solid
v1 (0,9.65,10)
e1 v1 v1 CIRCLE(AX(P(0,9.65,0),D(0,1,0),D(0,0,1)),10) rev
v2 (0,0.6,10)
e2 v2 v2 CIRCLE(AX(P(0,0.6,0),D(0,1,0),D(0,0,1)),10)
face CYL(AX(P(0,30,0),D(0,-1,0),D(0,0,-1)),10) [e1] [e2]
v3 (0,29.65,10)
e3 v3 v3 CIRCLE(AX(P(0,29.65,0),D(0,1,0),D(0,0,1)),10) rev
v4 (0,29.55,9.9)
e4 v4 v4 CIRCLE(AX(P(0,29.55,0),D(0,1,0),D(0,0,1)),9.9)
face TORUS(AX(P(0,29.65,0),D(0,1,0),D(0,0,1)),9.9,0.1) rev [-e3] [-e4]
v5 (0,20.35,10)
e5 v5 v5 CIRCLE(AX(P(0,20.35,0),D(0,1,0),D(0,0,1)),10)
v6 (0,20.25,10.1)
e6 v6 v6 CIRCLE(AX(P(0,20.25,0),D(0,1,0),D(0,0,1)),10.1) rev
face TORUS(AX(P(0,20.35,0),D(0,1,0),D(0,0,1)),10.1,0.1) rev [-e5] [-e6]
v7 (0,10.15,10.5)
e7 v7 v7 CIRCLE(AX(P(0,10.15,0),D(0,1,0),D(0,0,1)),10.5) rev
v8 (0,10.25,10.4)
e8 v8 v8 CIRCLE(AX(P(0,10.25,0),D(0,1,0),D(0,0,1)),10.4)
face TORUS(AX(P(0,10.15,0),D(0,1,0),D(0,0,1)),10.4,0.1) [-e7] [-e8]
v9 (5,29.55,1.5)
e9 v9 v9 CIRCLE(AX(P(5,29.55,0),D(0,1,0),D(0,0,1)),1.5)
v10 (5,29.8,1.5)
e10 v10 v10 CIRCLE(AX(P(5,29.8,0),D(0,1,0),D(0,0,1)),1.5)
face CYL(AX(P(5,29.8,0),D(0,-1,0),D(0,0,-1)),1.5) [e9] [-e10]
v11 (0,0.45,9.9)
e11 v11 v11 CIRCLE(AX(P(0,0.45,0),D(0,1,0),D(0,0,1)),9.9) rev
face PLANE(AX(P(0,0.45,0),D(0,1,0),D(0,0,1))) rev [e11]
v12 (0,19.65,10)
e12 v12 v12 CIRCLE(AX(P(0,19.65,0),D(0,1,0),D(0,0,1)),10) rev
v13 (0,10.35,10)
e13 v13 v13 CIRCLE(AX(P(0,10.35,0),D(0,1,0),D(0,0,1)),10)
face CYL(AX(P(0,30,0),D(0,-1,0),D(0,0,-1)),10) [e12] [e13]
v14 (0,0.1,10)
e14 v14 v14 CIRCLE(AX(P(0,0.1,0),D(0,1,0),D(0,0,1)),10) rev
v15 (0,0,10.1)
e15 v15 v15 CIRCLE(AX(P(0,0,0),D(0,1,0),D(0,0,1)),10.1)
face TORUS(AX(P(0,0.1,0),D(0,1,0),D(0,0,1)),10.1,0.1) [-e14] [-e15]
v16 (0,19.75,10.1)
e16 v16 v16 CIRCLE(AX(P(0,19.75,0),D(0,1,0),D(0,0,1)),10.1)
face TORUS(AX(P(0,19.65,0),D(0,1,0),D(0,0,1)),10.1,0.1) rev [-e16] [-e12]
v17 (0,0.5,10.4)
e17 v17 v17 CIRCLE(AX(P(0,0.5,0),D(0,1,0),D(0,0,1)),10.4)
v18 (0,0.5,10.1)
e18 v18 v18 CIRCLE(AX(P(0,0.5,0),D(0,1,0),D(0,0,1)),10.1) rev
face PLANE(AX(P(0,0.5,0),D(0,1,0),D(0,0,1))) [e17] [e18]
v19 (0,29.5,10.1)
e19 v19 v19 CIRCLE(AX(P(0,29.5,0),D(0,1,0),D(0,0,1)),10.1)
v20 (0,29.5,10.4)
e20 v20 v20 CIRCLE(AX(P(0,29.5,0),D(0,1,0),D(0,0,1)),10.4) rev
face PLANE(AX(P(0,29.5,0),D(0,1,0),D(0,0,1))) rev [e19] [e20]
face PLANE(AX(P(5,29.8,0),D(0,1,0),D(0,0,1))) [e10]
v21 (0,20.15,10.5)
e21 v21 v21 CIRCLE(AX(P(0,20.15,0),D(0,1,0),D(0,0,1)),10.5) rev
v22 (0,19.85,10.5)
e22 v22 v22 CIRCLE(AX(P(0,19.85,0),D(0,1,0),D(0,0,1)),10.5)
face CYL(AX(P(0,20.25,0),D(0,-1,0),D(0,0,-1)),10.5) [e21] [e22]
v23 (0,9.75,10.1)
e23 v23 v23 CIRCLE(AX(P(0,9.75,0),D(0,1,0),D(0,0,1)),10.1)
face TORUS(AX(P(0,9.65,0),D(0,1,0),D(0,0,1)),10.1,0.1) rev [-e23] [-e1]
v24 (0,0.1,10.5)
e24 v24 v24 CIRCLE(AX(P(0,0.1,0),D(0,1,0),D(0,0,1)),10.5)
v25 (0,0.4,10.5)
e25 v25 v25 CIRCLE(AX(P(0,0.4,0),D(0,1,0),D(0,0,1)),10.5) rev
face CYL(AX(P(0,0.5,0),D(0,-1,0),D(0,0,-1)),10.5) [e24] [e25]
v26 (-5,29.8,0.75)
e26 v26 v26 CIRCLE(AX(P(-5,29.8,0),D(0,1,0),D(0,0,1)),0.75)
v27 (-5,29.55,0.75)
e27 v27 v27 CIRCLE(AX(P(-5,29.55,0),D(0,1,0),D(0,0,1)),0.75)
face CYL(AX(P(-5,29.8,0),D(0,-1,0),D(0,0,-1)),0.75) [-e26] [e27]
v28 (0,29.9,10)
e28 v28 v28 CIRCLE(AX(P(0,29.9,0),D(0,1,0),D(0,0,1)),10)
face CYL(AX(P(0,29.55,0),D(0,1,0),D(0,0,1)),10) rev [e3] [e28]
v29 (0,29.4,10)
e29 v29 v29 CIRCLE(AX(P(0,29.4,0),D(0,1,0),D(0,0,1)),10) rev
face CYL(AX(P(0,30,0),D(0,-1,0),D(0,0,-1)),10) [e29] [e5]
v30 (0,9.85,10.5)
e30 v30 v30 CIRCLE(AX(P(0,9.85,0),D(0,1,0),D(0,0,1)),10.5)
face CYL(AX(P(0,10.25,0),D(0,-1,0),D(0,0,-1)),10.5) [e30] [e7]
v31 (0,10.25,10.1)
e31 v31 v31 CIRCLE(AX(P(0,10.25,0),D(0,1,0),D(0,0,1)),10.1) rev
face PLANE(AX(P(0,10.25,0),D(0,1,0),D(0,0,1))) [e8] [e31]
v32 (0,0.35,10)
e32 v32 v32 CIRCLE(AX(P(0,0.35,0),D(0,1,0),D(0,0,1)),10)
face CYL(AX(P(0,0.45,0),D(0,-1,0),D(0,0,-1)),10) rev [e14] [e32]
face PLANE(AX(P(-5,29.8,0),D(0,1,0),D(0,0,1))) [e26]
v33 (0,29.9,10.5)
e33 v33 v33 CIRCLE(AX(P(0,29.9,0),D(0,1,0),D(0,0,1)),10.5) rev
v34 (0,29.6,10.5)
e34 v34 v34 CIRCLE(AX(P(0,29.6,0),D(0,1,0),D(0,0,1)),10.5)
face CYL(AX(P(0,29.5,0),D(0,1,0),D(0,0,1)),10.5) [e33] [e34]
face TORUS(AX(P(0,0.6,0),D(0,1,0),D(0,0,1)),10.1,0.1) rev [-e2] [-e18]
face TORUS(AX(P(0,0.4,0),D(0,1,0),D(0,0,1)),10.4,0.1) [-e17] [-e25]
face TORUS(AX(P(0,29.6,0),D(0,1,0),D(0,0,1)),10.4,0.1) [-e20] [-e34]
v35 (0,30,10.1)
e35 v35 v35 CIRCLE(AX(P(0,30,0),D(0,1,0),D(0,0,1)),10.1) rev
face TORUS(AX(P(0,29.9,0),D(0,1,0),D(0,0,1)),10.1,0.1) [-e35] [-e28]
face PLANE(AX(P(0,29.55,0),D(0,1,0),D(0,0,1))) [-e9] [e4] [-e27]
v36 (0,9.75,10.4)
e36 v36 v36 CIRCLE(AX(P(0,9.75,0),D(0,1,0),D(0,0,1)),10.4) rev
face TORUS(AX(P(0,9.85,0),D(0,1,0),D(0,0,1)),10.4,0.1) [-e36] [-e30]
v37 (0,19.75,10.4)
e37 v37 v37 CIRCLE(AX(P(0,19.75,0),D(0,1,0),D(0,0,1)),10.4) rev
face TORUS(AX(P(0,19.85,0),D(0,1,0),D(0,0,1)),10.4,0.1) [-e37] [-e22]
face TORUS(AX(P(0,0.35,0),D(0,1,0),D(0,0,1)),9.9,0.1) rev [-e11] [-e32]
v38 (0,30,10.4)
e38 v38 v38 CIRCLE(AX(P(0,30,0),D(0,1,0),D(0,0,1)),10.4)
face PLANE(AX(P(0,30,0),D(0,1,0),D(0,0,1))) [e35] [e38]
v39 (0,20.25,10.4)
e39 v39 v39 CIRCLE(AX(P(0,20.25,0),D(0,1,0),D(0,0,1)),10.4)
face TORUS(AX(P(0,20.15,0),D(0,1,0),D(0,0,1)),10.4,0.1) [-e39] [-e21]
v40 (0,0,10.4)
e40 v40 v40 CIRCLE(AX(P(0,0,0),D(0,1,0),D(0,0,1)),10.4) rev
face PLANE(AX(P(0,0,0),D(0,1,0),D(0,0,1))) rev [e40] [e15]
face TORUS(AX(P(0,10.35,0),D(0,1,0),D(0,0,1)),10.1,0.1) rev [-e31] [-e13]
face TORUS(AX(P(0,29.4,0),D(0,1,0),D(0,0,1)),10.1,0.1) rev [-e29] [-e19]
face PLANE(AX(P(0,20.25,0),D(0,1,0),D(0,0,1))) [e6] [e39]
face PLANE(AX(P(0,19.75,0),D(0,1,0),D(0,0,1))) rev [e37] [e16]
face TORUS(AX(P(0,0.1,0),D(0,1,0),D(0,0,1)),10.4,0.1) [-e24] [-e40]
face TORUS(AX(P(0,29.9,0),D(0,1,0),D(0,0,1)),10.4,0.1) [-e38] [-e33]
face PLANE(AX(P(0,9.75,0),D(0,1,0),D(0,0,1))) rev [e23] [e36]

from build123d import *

# Parameters (mm, degrees)
CROQUIS1_R              = 10
SALIENTE_EXTRUIR1_DEPTH = 30
CROQUIS1_5_R            = 10.5
CROQUIS1_5_R_2          = 10
SALIENTE_EXTRUIR2_DEPTH = 0.5
SALIENTE_EXTRUIR3_START = 10
CROQUIS1_6_R            = 10.5
CROQUIS1_6_R_2          = 10
SALIENTE_EXTRUIR3_DEPTH = 0.25
SALIENTE_EXTRUIR4_START = 20
CROQUIS1_7_R            = 10.5
CROQUIS1_7_R_2          = 10
SALIENTE_EXTRUIR4_DEPTH = 0.25
SALIENTE_EXTRUIR5_START = 29.5
CROQUIS1_8_R            = 10.5
CROQUIS1_8_R_2          = 10
SALIENTE_EXTRUIR5_DEPTH = 0.5
CORTAR_EXTRUIR1_START   = -0.45
CROQUIS2_R              = 10
CORTAR_EXTRUIR1_DEPTH   = 0.45
CORTAR_EXTRUIR2_START   = -30
CROQUIS2_2_R            = 10
CORTAR_EXTRUIR2_DEPTH   = 0.45
REDONDEO2_R             = 0.1
CROQUIS3_R              = 0.75
CROQUIS3_R_2            = 1.5
SALIENTE_EXTRUIR6_DEPTH = 0.25


with BuildPart() as part:
    # Croquis1 → Saliente-Extruir1 (new body)
    with BuildSketch(Plane(origin=(0, 0, 0), x_dir=(1, 0, 0), z_dir=(0, 1, 0))):
        Circle(CROQUIS1_R)
    extrude(amount=SALIENTE_EXTRUIR1_DEPTH)

    # Croquis1<5> → Saliente-Extruir2 (add)
    with BuildSketch(Plane(origin=(0, 0, 0), x_dir=(1, 0, 0), z_dir=(0, 1, 0))):
        Circle(CROQUIS1_5_R)
        Circle(CROQUIS1_5_R_2, mode=Mode.SUBTRACT)
    extrude(amount=SALIENTE_EXTRUIR2_DEPTH)

    # Croquis1<6> → Saliente-Extruir3 (add, symmetric)
    with BuildSketch(Plane(origin=(0, 0, 0), x_dir=(1, 0, 0), z_dir=(0, 1, 0)).offset(SALIENTE_EXTRUIR3_START)):
        Circle(CROQUIS1_6_R)
        Circle(CROQUIS1_6_R_2, mode=Mode.SUBTRACT)
    extrude(amount=SALIENTE_EXTRUIR3_DEPTH, both=True)

    # Croquis1<7> → Saliente-Extruir4 (add, symmetric)
    with BuildSketch(Plane(origin=(0, 0, 0), x_dir=(1, 0, 0), z_dir=(0, 1, 0)).offset(SALIENTE_EXTRUIR4_START)):
        Circle(CROQUIS1_7_R)
        Circle(CROQUIS1_7_R_2, mode=Mode.SUBTRACT)
    extrude(amount=SALIENTE_EXTRUIR4_DEPTH, both=True)

    # Croquis1<8> → Saliente-Extruir5 (add)
    with BuildSketch(Plane(origin=(0, 0, 0), x_dir=(1, 0, 0), z_dir=(0, 1, 0)).offset(SALIENTE_EXTRUIR5_START)):
        Circle(CROQUIS1_8_R)
        Circle(CROQUIS1_8_R_2, mode=Mode.SUBTRACT)
    extrude(amount=SALIENTE_EXTRUIR5_DEPTH)

    # Croquis2 → Cortar-Extruir1 (cut)
    with BuildSketch(Plane(origin=(0, 30, 0), x_dir=(1, 0, 0), z_dir=(0, 1, 0)).offset(CORTAR_EXTRUIR1_START)):
        Circle(CROQUIS2_R)
    extrude(amount=CORTAR_EXTRUIR1_DEPTH, mode=Mode.SUBTRACT)

    # Croquis2<2> → Cortar-Extruir2 (cut)
    with BuildSketch(Plane(origin=(0, 30, 0), x_dir=(1, 0, 0), z_dir=(0, 1, 0)).offset(CORTAR_EXTRUIR2_START)):
        Circle(CROQUIS2_2_R)
    extrude(amount=CORTAR_EXTRUIR2_DEPTH, mode=Mode.SUBTRACT)

    # Redondeo2
    redondeo2_edges = [part.edges().sort_by_distance(p)[0] for p in [
        (-10, 0.45, 0),
        (-10, 0, 0),
        (-10.5, 0, 0),
        (-10.5, 0.5, 0),
        (-10, 0.5, 0),
        (-10, 9.75, 0),
        (-10.5, 9.75, 0),
        (-10.5, 10.25, 0),
        (-10, 10.25, 0),
        (-10, 19.75, 0),
        (-10.5, 19.75, 0),
        (-10.5, 20.25, 0),
        (-10, 20.25, 0),
        (-10, 29.55, 0),
        (-10, 30, 0),
        (-10.5, 30, 0),
        (-10.5, 29.5, 0),
        (-10, 29.5, 0),
    ]]
    fillet(redondeo2_edges, radius=REDONDEO2_R)

    # Croquis3 → Saliente-Extruir6 (add)
    with BuildSketch(Plane(origin=(0, 29.55, 0), x_dir=(1, 0, 0), z_dir=(0, 1, 0))):
        with Locations((-5, 0)):
            Circle(CROQUIS3_R)
        with Locations((5, 0)):
            Circle(CROQUIS3_R_2)
    extrude(amount=SALIENTE_EXTRUIR6_DEPTH)


solid = part.part
